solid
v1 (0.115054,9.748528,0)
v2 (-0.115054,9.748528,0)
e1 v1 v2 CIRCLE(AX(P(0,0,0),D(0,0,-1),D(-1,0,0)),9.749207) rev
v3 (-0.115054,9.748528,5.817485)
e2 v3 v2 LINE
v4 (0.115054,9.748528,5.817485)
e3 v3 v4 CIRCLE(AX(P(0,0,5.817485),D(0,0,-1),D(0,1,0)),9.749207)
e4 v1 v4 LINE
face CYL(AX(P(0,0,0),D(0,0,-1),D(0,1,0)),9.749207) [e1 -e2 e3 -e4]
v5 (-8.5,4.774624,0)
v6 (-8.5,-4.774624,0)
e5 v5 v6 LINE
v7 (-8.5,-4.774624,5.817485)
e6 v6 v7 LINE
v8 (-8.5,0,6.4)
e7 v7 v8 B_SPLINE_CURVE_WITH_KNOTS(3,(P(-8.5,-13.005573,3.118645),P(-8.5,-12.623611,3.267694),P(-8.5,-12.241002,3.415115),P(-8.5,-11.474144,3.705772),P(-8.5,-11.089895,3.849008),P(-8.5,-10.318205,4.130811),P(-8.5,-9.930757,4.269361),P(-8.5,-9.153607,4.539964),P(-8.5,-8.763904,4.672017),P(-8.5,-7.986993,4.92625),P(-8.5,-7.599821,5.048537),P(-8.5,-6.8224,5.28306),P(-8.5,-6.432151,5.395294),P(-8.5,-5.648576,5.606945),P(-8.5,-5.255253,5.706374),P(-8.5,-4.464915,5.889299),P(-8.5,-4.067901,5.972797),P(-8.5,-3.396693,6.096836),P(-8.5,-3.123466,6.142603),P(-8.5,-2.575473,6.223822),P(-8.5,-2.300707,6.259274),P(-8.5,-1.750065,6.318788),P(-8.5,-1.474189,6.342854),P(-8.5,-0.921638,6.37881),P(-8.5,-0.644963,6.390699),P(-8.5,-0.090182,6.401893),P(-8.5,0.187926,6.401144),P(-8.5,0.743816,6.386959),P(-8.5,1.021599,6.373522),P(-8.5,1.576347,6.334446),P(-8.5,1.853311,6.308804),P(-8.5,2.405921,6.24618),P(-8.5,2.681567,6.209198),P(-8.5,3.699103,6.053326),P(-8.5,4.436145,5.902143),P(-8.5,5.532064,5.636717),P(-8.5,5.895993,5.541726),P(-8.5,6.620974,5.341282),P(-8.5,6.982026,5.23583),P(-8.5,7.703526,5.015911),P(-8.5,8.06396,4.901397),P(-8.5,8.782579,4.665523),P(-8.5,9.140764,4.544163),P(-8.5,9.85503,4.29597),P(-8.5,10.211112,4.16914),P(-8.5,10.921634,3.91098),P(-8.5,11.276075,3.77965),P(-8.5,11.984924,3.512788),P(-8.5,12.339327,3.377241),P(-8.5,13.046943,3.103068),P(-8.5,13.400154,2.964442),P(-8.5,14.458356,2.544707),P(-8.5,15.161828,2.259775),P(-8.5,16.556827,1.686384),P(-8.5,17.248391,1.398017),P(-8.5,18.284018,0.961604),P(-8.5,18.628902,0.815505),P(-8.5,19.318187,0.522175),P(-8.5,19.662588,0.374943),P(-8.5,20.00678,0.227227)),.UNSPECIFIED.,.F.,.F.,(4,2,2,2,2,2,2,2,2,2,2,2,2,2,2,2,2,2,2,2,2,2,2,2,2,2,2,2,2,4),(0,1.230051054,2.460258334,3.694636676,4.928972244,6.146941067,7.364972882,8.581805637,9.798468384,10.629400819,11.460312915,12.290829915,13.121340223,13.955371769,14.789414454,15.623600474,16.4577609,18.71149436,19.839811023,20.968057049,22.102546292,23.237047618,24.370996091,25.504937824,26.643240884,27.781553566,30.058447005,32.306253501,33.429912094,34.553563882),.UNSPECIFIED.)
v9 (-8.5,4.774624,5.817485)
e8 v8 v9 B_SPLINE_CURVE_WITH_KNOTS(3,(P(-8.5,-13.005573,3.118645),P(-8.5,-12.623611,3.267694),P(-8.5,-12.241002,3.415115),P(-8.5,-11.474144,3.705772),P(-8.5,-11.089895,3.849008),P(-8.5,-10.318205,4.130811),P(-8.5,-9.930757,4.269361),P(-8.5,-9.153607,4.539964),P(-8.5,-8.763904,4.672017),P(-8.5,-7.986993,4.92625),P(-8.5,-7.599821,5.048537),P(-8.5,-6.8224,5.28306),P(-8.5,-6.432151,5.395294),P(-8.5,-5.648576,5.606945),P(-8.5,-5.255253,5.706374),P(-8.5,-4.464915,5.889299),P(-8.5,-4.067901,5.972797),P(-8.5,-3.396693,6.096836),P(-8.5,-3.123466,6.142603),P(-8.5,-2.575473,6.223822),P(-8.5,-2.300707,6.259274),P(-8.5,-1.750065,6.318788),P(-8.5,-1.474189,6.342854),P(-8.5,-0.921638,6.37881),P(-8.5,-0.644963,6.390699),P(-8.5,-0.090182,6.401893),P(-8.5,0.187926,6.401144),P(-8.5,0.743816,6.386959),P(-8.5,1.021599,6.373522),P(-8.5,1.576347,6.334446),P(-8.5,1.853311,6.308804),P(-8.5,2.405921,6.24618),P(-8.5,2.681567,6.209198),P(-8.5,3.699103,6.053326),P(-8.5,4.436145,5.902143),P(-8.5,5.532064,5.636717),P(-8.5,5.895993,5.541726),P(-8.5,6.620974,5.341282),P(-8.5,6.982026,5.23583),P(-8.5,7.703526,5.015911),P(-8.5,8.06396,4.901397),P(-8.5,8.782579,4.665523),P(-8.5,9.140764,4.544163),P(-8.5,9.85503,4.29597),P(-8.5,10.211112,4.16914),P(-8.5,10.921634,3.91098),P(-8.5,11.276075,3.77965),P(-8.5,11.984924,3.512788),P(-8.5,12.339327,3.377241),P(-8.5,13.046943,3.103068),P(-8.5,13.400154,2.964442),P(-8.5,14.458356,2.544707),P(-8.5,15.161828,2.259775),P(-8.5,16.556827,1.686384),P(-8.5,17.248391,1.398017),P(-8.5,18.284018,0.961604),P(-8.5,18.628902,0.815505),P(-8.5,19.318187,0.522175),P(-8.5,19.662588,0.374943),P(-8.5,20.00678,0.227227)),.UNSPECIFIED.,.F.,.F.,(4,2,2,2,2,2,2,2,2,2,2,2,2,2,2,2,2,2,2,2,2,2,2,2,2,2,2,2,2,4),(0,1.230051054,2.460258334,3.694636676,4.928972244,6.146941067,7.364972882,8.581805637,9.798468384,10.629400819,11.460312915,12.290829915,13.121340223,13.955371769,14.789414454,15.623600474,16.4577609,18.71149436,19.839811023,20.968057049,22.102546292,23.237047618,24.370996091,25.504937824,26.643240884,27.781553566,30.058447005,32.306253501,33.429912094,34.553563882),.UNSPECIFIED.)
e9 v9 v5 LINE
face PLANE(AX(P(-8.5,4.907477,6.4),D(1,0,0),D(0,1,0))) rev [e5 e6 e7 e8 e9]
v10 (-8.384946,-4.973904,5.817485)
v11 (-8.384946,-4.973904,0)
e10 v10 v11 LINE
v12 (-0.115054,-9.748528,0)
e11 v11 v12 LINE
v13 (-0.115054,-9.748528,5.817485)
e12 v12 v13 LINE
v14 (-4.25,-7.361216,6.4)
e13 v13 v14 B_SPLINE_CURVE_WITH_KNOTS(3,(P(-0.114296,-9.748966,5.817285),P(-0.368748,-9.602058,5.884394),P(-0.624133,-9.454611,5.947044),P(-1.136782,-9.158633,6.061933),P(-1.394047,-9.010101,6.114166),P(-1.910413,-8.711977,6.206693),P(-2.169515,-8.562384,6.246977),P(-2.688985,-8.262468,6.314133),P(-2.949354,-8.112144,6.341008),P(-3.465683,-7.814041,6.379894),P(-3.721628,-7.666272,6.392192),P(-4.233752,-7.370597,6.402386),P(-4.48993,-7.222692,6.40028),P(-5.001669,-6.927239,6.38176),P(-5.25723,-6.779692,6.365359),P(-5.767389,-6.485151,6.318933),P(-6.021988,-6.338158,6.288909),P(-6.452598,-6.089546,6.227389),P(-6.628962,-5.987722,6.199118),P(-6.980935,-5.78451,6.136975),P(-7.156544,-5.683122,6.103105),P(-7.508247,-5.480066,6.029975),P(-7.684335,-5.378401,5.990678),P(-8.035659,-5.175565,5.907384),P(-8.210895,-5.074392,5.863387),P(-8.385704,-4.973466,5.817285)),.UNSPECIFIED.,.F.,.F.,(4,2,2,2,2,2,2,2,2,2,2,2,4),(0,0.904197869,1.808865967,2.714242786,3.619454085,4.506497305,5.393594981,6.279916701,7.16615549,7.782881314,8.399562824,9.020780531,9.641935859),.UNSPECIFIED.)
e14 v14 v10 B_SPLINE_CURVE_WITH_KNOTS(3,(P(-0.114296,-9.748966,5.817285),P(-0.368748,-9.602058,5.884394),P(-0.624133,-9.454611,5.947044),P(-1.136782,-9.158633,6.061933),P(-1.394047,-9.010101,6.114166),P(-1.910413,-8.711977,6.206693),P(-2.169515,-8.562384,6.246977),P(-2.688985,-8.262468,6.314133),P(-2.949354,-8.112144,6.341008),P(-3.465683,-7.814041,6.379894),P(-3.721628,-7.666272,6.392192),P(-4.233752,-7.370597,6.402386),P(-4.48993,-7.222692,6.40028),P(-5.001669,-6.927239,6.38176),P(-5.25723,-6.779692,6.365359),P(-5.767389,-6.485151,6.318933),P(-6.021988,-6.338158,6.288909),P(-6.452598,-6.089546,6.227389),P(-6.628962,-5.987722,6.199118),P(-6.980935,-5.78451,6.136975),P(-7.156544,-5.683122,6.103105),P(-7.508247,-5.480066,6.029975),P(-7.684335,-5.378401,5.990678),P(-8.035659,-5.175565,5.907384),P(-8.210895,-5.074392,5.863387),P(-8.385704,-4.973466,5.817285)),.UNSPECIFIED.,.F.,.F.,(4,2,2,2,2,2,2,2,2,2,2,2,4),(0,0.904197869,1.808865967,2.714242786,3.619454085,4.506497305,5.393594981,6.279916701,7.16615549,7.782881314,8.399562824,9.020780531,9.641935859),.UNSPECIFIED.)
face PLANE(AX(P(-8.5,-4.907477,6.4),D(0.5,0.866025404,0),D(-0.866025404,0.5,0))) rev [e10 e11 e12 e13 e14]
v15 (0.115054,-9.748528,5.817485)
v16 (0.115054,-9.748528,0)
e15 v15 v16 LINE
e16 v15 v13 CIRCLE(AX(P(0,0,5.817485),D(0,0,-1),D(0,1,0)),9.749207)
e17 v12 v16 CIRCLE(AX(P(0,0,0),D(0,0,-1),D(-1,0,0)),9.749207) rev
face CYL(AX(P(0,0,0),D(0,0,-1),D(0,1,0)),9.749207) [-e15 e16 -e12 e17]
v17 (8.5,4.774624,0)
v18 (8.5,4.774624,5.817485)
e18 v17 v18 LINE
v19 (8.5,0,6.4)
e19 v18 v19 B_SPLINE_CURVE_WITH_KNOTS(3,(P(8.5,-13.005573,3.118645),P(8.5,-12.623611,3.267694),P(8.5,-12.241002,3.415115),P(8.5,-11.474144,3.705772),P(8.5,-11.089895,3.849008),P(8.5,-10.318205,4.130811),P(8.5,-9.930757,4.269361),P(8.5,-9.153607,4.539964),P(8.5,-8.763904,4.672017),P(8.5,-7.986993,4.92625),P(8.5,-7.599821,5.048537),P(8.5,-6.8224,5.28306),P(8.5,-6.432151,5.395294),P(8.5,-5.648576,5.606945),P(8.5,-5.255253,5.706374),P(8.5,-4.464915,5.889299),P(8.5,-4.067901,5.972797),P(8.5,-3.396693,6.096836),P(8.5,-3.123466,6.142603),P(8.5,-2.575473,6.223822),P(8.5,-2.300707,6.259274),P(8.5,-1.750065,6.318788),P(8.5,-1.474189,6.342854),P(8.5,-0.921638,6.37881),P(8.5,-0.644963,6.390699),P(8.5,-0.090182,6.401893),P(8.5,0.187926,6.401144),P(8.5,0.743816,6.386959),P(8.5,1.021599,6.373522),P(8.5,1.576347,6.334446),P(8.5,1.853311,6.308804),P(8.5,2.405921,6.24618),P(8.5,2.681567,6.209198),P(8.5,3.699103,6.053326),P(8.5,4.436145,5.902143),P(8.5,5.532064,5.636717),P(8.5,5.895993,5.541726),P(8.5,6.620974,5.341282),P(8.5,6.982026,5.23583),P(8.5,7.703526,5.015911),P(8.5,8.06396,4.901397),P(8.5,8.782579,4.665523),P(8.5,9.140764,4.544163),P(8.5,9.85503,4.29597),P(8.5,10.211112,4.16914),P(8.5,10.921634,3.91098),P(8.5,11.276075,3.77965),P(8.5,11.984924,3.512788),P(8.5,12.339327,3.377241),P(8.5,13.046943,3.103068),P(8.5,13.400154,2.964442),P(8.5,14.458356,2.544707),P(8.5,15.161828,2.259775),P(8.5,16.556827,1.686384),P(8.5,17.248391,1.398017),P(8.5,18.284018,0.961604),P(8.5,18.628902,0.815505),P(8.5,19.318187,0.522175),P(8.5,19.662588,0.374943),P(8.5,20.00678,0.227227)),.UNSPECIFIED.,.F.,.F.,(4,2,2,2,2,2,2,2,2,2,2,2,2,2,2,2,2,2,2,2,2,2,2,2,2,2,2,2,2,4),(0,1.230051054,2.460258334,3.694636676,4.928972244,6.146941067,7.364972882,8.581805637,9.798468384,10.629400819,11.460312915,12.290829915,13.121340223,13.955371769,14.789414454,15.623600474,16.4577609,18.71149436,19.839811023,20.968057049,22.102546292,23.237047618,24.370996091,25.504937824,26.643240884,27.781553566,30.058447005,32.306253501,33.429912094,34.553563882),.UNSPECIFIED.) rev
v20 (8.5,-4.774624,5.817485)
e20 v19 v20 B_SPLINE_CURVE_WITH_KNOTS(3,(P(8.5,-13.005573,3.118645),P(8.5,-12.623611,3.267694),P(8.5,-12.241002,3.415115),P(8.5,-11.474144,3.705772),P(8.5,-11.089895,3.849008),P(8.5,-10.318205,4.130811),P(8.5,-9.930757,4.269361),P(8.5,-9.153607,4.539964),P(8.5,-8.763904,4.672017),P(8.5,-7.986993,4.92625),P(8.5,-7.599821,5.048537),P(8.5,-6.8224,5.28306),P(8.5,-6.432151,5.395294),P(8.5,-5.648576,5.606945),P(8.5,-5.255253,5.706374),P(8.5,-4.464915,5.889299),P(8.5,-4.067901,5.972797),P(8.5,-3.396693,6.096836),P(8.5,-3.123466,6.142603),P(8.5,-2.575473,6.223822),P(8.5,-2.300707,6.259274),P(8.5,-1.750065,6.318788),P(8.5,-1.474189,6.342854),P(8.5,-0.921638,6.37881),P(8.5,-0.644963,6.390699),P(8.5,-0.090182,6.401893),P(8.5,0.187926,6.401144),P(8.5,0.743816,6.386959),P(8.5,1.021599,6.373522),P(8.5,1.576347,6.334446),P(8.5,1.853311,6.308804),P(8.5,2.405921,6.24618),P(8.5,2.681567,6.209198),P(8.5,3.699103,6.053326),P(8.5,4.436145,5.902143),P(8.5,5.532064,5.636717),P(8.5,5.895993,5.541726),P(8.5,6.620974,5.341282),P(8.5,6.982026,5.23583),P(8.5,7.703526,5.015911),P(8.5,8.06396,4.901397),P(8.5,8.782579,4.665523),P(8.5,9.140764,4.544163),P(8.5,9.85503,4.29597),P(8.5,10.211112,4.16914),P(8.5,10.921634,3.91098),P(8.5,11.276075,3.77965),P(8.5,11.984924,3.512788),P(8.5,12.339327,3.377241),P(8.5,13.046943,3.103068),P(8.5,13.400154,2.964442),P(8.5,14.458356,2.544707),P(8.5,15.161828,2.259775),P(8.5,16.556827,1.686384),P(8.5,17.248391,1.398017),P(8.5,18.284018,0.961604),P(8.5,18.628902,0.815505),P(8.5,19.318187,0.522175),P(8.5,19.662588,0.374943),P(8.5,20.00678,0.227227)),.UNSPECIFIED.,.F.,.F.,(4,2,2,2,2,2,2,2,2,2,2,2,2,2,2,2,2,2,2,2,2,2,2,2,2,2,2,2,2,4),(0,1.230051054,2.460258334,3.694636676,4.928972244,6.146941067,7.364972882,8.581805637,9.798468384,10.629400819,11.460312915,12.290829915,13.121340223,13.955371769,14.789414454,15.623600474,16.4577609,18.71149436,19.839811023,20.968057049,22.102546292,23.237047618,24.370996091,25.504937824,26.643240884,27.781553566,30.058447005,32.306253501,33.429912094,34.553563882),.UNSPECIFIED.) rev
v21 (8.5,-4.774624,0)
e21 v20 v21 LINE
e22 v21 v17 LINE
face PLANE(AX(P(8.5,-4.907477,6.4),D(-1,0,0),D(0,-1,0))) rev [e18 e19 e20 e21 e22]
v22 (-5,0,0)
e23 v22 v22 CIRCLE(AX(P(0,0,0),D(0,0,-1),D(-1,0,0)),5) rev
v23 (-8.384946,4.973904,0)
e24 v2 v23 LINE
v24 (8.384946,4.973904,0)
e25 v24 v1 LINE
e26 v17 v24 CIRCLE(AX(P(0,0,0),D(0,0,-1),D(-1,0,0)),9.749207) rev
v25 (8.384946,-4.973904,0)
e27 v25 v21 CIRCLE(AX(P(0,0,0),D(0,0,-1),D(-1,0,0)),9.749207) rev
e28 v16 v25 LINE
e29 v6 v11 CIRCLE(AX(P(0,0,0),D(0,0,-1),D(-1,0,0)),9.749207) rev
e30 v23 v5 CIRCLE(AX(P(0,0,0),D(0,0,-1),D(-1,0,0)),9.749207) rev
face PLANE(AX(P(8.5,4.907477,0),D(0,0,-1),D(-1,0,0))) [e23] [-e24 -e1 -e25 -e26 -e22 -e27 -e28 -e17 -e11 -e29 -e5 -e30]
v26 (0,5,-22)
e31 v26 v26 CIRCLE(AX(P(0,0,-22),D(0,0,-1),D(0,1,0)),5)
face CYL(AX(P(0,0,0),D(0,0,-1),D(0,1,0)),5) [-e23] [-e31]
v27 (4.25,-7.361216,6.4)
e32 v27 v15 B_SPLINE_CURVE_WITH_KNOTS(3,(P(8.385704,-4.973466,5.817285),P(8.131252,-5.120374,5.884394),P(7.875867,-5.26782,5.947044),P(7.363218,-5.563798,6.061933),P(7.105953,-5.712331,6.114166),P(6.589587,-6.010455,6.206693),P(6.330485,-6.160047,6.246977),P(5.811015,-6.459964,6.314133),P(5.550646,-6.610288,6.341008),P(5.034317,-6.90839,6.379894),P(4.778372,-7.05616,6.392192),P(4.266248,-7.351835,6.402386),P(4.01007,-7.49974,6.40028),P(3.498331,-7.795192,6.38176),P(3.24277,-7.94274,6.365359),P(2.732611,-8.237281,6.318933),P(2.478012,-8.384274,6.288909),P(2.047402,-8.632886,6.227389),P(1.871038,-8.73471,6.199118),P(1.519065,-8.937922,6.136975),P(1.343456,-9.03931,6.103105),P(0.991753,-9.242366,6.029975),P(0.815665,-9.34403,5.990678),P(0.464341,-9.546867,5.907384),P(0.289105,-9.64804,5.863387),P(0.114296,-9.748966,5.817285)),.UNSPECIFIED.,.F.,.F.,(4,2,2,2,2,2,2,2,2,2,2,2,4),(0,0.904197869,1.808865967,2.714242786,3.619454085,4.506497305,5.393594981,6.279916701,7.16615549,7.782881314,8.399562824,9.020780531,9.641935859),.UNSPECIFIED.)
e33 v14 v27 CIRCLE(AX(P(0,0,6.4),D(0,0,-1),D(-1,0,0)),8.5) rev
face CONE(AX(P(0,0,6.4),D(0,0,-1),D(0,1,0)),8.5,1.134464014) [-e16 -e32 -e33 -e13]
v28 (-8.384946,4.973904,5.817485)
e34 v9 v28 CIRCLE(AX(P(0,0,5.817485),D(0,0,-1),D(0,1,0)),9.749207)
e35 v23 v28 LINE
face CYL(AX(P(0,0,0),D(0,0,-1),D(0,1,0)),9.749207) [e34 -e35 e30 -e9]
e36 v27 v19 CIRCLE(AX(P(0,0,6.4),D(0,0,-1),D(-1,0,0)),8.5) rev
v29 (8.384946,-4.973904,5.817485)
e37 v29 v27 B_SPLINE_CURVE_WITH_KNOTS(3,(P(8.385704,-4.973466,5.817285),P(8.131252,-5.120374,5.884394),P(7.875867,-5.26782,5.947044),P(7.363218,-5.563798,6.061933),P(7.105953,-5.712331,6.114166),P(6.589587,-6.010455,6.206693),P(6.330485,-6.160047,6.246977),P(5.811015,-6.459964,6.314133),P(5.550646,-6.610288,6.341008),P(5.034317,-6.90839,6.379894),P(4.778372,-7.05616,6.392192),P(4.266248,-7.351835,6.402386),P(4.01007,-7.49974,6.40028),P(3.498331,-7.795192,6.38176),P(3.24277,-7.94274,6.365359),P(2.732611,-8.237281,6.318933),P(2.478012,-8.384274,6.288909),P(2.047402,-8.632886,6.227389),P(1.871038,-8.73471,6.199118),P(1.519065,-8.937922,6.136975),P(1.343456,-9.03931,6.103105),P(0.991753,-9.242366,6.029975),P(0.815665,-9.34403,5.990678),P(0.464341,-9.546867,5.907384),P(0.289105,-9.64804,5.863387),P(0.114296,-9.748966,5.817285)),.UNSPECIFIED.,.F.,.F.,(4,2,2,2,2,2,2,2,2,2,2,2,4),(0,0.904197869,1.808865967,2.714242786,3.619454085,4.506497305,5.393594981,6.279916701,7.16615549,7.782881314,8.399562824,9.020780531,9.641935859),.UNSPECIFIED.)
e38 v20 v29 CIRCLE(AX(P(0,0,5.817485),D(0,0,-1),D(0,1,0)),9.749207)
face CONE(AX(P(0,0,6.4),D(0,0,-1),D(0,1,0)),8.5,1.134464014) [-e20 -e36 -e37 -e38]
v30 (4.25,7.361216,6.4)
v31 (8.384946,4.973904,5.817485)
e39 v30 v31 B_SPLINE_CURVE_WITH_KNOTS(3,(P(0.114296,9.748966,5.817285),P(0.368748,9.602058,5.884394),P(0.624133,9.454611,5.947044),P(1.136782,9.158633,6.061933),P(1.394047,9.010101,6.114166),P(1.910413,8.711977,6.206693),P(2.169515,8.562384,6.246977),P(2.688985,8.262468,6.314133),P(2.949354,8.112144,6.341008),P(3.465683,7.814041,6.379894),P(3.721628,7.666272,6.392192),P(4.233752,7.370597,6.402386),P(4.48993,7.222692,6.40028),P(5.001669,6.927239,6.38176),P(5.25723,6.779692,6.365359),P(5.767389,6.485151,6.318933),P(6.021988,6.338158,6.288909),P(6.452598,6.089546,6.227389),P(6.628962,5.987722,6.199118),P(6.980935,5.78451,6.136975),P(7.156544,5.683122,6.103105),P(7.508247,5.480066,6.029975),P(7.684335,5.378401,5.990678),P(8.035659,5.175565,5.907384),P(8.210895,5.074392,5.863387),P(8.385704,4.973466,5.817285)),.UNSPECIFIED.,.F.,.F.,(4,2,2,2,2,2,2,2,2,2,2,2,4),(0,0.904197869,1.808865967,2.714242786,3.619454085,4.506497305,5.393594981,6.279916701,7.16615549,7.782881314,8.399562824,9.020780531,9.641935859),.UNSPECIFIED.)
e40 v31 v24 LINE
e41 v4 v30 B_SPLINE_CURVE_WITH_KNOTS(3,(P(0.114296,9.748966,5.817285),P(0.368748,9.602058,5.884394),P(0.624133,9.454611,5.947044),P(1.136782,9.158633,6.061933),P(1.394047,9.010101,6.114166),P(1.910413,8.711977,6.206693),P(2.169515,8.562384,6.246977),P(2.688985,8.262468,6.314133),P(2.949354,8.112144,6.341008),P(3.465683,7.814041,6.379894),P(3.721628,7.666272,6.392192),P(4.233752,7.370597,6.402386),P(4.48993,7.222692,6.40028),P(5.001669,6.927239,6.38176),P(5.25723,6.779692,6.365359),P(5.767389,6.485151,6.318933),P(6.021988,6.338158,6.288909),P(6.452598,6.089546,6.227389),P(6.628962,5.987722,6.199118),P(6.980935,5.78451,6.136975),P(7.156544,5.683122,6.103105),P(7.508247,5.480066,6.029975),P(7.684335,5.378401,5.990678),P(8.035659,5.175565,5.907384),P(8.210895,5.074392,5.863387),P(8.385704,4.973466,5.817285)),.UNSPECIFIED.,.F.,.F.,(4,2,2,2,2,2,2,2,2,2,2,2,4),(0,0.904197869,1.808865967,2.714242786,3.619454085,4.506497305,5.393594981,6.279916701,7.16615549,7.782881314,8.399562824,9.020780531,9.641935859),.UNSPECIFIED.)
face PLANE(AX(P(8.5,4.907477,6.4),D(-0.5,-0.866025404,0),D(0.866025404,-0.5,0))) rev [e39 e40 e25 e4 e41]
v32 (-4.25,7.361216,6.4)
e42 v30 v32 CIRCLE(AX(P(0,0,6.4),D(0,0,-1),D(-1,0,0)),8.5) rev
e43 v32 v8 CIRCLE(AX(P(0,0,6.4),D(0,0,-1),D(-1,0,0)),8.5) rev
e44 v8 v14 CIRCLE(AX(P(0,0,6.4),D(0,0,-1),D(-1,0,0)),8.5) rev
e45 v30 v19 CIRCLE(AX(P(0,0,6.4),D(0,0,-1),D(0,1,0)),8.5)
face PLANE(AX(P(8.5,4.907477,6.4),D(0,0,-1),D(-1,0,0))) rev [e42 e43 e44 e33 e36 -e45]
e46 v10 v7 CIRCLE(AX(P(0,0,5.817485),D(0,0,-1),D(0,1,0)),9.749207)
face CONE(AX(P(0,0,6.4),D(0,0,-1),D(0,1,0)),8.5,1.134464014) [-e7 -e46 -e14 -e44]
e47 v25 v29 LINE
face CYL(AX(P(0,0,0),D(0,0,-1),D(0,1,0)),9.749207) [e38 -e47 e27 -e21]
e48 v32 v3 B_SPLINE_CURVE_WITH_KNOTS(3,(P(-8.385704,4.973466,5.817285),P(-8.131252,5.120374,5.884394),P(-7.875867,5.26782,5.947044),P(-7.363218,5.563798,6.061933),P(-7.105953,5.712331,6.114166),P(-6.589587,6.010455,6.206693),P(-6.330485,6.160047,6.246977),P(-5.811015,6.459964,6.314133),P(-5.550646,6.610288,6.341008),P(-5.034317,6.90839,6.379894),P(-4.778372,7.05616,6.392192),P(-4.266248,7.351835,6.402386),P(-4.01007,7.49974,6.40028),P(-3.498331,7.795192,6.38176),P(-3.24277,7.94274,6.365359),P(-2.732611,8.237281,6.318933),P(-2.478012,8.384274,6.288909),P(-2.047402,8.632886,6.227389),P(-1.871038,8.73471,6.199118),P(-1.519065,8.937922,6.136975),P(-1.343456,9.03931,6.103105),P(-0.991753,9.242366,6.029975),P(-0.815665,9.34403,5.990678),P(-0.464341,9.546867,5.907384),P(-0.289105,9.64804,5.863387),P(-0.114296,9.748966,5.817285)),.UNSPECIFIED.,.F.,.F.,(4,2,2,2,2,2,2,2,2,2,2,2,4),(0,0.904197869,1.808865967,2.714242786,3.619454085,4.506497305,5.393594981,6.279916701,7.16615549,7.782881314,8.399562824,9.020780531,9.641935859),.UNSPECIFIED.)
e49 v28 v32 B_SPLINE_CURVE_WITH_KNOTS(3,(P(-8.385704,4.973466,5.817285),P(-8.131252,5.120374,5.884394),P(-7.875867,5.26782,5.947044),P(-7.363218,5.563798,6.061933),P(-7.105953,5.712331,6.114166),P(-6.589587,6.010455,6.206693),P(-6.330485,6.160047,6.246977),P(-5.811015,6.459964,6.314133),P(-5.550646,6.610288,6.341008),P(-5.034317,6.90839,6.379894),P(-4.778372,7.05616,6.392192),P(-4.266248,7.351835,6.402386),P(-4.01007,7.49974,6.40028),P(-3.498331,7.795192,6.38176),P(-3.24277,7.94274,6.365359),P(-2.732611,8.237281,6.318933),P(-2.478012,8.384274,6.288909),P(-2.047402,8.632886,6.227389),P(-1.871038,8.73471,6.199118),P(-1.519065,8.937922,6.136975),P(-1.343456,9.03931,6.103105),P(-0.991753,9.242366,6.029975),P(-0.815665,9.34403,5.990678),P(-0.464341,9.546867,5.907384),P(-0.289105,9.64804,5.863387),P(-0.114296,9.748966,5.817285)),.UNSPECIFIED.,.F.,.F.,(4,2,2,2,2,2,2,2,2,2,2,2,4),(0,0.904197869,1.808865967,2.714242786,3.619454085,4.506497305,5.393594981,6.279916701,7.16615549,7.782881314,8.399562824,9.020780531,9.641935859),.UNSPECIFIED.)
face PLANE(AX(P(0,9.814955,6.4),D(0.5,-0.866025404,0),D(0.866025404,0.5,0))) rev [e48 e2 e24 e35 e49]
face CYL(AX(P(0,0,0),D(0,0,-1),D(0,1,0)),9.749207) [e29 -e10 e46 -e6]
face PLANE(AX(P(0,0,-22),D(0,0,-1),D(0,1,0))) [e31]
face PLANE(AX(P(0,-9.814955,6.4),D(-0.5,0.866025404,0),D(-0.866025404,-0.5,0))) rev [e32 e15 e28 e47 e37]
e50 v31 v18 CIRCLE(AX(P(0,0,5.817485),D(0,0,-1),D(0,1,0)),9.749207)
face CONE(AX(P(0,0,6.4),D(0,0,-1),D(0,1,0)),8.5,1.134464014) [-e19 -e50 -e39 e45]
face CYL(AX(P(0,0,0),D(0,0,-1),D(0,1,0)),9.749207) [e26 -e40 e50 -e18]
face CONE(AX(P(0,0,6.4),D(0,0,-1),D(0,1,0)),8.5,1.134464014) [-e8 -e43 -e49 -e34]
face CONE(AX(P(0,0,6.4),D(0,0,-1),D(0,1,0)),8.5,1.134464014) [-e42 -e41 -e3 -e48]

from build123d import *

# Parameters (mm, degrees)
SKETCH1_W      = 22
SKETCH1_H      = 5
EXTRUDE1_DEPTH = 6.4


with BuildPart() as part:
    # Sketch1 → Revolve1 (revolve)
    with BuildSketch(Plane(origin=(0, 0, 0), x_dir=(0, 0, -1), z_dir=(1, 0, 0))):
        with Locations((11, 2.5)):
            Rectangle(SKETCH1_W, SKETCH1_H)
    revolve(axis=Axis((0, 0, 0), (0, 0, 1)))

    # Sketch4 → Extrude1 (add)
    with BuildSketch(Plane.XY):
        Polygon((0, 9.814954576), (-8.5, 4.907477288), (-8.5, -4.907477288), (0, -9.814954576), (8.5, -4.907477288), (8.5, 4.907477288), align=None)
    extrude(amount=EXTRUDE1_DEPTH)

    # Sketch5 → Cut-Revolve3 (revolve, cut)
    with BuildSketch(Plane(origin=(0, 0, 0), x_dir=(0, 0, -1), z_dir=(1, 0, 0))):
        Polygon((-6.4, 8.5), (-5.81748528, 9.749206847), (0, 9.749206847), (0, 9.814954576), (-6.4, 9.814954576), align=None)
    revolve(axis=Axis((0, 0, 0), (0, 0, 1)), mode=Mode.SUBTRACT)


solid = part.part
